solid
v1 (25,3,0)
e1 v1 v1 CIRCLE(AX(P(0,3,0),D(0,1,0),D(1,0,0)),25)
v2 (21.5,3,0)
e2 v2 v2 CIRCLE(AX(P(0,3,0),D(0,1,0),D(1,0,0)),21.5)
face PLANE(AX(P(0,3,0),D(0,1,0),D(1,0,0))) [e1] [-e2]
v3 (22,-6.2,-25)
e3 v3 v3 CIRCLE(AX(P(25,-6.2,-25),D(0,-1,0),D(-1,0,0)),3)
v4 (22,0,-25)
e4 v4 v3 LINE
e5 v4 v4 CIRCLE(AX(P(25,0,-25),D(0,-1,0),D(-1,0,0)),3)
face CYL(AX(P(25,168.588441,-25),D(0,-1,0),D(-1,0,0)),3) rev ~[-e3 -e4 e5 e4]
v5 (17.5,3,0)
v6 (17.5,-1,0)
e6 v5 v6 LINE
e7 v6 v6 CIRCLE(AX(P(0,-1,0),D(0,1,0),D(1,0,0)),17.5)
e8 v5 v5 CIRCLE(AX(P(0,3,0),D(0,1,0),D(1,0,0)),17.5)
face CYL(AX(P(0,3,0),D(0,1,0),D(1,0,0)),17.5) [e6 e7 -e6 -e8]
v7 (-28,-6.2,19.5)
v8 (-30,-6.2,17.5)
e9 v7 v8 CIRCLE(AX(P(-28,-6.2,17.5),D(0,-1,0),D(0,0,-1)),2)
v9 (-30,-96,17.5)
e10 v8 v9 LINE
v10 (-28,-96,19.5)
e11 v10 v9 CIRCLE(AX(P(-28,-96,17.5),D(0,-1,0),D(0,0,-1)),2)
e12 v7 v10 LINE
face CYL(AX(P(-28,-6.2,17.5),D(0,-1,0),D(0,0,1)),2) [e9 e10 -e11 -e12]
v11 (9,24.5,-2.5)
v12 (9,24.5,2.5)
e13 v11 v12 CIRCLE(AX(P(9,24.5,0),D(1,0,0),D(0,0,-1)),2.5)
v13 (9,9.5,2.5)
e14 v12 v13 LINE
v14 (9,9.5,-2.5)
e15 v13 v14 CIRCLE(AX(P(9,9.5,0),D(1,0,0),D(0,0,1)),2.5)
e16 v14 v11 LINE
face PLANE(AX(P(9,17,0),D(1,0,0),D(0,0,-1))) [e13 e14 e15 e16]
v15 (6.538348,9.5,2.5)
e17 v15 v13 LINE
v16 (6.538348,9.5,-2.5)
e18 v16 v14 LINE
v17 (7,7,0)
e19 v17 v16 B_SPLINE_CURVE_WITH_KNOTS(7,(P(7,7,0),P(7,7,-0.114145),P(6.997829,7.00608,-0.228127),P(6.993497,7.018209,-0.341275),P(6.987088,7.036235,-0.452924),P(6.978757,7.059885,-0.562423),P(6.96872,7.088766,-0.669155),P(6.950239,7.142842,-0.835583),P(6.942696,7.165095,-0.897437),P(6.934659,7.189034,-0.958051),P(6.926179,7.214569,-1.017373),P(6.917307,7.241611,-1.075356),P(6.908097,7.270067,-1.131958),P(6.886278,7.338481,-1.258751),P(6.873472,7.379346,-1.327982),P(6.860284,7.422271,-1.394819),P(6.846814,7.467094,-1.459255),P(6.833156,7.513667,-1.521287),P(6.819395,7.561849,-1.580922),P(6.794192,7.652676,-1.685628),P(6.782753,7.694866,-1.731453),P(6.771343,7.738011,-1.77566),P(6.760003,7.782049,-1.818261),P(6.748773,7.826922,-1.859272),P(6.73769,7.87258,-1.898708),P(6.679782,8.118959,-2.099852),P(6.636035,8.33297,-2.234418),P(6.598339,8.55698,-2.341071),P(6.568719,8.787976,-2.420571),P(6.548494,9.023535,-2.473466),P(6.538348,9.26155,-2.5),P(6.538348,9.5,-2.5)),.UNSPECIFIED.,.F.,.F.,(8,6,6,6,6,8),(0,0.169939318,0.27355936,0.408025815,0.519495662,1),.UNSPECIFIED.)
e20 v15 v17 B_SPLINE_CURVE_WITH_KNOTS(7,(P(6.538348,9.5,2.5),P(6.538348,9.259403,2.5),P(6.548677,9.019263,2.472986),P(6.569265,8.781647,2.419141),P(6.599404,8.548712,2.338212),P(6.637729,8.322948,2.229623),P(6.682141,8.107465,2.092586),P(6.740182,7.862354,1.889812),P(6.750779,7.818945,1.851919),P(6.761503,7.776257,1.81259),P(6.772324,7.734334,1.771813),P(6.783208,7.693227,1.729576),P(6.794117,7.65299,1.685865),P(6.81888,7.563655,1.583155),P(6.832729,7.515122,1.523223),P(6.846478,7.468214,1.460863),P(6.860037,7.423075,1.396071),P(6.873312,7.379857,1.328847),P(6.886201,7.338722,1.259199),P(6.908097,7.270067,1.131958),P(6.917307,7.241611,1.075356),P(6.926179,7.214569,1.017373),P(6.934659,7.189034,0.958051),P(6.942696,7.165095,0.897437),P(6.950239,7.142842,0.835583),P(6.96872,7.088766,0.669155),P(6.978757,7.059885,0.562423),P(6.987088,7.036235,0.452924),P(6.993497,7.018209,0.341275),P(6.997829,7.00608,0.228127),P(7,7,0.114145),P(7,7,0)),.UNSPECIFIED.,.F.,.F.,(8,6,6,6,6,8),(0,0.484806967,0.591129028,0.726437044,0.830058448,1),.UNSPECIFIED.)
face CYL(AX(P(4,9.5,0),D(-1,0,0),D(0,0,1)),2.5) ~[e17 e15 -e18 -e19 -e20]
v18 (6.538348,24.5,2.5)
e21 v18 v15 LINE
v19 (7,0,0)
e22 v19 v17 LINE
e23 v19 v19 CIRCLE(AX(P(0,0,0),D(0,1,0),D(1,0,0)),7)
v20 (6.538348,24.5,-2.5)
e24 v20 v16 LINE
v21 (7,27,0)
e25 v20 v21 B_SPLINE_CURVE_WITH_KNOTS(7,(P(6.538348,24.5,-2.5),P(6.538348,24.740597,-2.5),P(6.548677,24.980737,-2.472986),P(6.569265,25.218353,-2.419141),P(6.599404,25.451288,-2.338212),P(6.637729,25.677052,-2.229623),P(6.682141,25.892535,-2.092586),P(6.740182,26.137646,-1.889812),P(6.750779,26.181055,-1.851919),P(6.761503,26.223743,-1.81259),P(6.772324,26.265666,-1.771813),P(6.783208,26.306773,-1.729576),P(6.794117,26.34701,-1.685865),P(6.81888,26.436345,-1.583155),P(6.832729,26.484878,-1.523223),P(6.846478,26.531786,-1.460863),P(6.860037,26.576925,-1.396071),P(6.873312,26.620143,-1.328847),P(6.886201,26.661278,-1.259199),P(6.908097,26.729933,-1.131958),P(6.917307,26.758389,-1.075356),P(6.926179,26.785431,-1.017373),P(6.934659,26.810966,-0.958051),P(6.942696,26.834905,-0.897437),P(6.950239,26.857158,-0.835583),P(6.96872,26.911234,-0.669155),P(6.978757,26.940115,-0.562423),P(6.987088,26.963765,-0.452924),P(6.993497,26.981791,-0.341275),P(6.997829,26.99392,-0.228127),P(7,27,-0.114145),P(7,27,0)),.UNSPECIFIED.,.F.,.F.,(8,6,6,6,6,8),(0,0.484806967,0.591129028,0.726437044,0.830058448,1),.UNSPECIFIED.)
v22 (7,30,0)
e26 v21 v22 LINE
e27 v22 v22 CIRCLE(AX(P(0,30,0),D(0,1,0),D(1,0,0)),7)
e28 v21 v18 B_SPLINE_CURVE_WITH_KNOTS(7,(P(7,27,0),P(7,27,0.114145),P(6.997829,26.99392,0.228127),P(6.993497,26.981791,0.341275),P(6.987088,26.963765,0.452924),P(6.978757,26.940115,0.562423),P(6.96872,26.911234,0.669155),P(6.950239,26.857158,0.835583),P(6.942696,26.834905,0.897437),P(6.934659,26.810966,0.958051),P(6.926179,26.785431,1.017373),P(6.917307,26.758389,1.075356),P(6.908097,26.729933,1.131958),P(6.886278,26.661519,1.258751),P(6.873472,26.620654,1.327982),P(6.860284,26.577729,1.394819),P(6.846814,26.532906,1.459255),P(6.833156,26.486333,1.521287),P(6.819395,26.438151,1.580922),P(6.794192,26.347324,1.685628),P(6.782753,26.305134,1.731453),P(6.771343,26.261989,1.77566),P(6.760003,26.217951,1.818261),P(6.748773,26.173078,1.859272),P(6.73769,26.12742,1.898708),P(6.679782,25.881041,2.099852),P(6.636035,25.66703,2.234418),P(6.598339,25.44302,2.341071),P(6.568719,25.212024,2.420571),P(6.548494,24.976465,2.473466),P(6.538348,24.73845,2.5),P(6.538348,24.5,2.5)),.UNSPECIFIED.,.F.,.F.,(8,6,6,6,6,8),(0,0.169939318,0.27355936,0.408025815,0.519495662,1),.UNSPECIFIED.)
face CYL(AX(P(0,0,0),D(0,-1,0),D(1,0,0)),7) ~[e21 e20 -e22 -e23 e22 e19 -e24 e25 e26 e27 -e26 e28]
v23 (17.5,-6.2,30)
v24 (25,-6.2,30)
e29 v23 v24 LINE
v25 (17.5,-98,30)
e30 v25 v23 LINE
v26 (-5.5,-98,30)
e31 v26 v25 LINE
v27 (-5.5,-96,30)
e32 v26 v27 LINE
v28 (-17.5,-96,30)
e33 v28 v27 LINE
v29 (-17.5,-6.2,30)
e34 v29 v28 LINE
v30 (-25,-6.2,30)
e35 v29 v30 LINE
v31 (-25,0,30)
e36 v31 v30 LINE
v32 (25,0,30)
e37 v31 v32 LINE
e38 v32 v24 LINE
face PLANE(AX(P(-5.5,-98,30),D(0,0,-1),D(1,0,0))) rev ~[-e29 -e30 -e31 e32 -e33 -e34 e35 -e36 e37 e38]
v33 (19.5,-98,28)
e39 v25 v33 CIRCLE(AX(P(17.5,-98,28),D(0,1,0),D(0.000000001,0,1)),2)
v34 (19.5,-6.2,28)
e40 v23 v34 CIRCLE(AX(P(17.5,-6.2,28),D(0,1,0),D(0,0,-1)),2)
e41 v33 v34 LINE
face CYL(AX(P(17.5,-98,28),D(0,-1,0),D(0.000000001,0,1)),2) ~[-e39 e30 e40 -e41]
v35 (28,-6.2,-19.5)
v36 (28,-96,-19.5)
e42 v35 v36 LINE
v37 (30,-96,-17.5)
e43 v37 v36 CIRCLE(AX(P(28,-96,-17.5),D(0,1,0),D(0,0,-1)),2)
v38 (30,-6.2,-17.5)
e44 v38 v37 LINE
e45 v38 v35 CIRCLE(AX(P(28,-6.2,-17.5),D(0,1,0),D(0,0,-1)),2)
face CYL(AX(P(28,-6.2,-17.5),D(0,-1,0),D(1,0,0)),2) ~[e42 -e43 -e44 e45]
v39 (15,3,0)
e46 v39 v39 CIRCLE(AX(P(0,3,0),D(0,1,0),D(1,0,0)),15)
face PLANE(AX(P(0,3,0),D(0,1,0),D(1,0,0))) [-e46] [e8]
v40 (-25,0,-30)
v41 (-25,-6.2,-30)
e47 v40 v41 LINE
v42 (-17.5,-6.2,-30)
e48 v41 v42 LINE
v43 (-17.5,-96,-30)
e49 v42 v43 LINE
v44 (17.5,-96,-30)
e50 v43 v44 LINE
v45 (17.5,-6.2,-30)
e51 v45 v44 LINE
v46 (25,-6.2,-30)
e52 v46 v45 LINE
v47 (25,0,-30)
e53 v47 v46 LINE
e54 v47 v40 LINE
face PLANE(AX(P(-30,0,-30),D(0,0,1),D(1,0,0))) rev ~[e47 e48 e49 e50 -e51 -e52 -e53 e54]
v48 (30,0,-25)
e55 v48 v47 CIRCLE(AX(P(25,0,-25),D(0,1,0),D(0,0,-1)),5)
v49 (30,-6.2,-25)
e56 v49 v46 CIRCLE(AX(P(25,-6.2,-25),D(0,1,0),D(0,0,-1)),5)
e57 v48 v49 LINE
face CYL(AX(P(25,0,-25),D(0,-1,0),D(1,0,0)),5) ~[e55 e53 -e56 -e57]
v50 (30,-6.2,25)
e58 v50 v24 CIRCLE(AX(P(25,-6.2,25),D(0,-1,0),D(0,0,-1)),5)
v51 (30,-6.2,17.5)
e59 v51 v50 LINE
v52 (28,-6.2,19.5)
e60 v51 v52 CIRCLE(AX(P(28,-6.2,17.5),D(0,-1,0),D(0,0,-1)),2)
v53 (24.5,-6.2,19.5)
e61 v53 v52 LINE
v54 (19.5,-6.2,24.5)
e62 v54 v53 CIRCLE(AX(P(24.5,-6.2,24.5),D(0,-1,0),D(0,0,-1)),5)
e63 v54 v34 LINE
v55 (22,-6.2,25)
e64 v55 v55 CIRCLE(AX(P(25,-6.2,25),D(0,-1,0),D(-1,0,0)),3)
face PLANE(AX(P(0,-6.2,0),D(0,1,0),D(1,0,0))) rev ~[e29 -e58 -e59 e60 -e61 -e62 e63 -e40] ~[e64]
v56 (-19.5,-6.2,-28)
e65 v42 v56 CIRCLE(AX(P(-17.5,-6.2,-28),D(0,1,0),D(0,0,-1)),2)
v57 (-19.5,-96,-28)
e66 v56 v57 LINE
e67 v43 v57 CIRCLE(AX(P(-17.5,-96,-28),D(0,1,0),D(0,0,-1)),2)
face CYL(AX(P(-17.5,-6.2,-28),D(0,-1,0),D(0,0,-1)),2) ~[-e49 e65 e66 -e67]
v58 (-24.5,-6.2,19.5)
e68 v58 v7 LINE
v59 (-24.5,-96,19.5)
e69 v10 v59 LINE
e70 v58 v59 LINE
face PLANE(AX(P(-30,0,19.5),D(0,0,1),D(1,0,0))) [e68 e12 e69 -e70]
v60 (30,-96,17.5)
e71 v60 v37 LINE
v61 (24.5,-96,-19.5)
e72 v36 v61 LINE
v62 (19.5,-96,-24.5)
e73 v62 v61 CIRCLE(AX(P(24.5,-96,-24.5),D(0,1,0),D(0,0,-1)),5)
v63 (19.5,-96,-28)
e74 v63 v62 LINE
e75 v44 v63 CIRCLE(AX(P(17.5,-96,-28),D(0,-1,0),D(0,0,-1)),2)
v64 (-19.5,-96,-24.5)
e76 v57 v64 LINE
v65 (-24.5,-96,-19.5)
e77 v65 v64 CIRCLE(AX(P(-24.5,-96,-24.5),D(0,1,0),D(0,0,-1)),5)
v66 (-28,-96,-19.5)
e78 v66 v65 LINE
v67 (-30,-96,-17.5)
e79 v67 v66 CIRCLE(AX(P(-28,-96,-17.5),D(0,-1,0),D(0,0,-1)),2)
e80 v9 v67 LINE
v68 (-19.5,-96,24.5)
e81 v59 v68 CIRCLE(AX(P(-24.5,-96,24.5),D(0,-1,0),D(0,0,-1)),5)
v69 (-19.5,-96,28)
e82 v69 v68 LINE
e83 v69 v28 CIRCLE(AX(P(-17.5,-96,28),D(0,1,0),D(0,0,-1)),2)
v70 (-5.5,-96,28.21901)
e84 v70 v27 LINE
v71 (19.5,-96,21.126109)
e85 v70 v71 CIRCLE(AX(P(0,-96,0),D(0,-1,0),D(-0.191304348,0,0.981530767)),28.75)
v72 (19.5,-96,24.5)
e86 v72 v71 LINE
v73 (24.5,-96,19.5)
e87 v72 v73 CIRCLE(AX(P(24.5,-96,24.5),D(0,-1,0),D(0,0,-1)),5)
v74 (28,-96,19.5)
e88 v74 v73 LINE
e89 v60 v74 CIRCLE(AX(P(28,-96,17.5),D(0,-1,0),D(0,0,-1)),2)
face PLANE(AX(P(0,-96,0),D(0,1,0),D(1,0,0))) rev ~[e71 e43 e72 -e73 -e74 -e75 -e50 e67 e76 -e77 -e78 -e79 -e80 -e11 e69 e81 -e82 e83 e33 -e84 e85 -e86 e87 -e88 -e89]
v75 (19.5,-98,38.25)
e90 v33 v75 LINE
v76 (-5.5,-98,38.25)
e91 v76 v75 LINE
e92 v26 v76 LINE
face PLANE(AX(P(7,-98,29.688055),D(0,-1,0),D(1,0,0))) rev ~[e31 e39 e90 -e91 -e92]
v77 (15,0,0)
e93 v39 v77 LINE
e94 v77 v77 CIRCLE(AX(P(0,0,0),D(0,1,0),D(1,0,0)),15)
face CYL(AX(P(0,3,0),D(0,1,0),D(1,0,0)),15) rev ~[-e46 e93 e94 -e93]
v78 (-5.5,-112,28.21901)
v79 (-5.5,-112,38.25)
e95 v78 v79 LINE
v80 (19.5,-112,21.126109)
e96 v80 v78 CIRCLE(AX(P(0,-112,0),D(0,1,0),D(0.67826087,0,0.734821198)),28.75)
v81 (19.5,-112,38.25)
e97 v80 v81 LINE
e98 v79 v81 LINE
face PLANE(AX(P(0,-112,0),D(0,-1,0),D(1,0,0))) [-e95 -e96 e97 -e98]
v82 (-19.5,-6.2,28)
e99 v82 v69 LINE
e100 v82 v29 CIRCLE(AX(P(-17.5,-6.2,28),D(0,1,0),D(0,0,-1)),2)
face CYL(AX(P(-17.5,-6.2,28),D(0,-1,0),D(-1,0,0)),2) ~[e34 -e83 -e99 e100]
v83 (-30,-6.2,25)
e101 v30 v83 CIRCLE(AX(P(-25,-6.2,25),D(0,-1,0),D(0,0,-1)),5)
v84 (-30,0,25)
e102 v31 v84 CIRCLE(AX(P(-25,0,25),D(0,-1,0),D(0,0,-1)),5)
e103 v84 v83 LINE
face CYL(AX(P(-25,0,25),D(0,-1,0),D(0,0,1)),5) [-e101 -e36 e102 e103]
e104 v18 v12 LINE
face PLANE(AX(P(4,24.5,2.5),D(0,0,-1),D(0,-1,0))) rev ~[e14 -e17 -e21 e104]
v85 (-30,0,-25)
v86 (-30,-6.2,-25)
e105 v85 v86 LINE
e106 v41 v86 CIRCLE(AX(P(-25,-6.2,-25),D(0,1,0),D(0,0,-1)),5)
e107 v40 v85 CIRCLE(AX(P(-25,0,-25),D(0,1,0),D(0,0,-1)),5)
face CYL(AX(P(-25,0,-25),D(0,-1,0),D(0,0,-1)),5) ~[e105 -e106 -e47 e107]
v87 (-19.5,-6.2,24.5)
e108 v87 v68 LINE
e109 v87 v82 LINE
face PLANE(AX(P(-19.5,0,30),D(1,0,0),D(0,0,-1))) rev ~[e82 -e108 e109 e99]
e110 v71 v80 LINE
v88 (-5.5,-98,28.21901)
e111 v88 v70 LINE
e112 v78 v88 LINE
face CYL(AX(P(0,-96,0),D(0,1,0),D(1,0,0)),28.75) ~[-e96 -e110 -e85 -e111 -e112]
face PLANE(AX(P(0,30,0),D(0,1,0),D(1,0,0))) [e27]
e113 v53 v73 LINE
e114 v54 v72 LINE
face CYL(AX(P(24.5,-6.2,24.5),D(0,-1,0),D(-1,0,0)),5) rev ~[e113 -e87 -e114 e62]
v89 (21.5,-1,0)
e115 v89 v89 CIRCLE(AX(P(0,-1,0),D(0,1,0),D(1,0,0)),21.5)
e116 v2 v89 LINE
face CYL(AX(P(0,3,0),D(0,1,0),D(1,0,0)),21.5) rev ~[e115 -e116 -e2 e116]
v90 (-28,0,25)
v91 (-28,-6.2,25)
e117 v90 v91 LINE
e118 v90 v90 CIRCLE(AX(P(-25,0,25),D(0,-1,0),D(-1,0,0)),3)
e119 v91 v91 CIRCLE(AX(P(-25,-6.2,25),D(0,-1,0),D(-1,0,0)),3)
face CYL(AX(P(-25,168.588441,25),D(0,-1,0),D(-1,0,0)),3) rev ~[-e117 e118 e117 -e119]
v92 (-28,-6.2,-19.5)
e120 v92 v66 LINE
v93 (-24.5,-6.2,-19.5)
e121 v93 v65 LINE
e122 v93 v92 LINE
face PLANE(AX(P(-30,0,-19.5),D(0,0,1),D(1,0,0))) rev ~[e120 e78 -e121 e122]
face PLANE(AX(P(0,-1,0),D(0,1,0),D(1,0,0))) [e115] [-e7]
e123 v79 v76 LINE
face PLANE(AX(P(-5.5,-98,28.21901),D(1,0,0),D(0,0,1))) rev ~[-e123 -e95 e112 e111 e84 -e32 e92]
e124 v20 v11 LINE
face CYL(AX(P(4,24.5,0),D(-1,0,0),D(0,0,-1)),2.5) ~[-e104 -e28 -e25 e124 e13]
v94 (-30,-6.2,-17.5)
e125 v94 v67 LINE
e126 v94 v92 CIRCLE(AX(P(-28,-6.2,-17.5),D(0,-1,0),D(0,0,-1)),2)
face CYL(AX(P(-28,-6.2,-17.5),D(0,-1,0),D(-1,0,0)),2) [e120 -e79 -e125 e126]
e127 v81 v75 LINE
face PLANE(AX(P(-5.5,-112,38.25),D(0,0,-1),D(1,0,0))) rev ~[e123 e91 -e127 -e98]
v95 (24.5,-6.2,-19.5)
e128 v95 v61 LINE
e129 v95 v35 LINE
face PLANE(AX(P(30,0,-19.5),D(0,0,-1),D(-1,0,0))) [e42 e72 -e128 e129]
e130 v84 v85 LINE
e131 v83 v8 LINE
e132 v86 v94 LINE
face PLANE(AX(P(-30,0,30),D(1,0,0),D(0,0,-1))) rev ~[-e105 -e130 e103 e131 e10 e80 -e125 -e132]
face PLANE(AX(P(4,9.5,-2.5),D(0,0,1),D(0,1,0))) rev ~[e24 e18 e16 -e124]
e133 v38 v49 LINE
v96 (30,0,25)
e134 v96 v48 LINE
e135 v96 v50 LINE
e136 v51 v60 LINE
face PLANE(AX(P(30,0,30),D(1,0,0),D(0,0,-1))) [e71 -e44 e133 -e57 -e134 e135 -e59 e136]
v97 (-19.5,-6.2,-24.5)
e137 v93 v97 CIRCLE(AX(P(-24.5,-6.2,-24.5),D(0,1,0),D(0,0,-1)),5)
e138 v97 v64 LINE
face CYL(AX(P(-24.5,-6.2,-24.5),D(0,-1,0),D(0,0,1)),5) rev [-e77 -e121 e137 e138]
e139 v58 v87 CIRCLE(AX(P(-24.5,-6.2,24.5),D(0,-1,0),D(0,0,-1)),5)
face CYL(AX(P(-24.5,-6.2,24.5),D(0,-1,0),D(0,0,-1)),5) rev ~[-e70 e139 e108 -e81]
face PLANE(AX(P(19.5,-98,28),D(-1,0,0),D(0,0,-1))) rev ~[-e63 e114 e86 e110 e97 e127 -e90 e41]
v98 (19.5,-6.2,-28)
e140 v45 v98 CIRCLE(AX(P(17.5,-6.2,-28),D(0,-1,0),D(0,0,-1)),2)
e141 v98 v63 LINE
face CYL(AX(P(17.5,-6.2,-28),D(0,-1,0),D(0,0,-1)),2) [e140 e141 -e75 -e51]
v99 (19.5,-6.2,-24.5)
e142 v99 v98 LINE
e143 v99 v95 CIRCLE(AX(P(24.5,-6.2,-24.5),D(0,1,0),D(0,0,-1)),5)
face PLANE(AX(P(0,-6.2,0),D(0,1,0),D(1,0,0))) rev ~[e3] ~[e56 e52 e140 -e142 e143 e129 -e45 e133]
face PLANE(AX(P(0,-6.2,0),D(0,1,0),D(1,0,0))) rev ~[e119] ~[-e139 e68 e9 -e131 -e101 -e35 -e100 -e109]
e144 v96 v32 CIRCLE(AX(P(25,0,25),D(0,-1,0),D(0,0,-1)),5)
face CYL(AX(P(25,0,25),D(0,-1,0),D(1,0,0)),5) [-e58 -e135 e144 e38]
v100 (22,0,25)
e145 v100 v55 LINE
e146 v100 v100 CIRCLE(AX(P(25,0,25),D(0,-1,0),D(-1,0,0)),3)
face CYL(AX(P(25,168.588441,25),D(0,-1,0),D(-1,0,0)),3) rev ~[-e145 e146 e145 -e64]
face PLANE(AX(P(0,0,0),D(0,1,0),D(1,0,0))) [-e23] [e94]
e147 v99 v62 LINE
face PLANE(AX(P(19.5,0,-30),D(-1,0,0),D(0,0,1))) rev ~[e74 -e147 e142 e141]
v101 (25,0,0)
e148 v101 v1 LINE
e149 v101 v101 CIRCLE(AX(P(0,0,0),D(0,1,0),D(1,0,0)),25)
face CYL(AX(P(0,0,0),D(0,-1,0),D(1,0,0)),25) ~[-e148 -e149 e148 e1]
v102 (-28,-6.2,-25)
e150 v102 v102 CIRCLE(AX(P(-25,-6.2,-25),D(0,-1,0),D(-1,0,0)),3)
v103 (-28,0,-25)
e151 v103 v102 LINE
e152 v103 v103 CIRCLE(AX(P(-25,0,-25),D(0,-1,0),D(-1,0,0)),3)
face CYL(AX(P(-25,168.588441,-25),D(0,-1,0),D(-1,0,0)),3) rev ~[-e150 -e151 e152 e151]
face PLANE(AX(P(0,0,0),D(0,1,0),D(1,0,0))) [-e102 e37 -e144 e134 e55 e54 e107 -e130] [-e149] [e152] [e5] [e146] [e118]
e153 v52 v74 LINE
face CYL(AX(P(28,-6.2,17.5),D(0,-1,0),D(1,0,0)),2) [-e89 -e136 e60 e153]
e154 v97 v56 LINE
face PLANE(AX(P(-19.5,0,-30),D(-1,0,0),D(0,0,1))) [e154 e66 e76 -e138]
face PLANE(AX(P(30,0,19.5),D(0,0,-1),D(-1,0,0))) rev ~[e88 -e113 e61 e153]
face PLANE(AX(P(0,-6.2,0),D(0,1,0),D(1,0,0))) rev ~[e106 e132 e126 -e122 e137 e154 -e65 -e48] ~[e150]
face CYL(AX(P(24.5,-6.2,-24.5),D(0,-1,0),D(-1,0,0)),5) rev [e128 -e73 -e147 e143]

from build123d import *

# Parameters (mm, degrees)
SKETCH_2_W               = 60
SKETCH_2_H               = 60
EXTRUDE_1_DEPTH          = 96
SKETCH_3_W               = 10.5
SKETCH_3_H               = 10.5
CUT_EXTRUDE_1_DEPTH      = 97
PATTERN_CIRCULAR_1_COUNT = 4
SKETCH_4_W               = 60
SKETCH_4_H               = 60
EXTRUDE_2_DEPTH          = 6.2
SKETCH_5_R               = 25
EXTRUDE_3_DEPTH          = 3
SKETCH_8_R               = 21.5
SKETCH_8_R_2             = 17.5
CUT_EXTRUDE_3_DEPTH      = 4
SKETCH_9_R               = 15
CUT_EXTRUDE_4_DEPTH      = 3
SKETCH_10_R              = 7
EXTRUDE_5_DEPTH          = 30
FILLET_1_R               = 5
FILLET_2_R               = 2
FILLET_3_R               = 5
SKETCH_13_R              = 28.75
EXTRUDE_6_DEPTH          = 16
EXTRUDE_START            = 16
SKETCH_14_W              = 25
SKETCH_14_H              = 17.123890562
EXTRUDE_7_DEPTH          = 14
EXTRUDE_8_DEPTH          = 2
HOLE_WIZARD_6_0_6_1_D    = 6
CUT_EXTRUDE_5_DEPTH      = 3
EXTRUDE_9_DEPTH          = 5


with BuildPart() as part:
    # 草圖2 → 填料-伸長1 (new body)
    with BuildSketch(Plane(origin=(0, 0, 0), x_dir=(1, 0, 0), z_dir=(0, 1, 0))):
        Rectangle(SKETCH_2_W, SKETCH_2_H)
    extrude(amount=-EXTRUDE_1_DEPTH)

    # 草圖3 → 除料-伸長1 (cut, through all)
    with BuildSketch(Plane(origin=(0, 0, 0), x_dir=(1, 0, 0), z_dir=(0, 1, 0))):
        with Locations((-24.75, -24.75)):
            Rectangle(SKETCH_3_W, SKETCH_3_H)
    cut_extrude_1 = extrude(amount=-CUT_EXTRUDE_1_DEPTH, mode=Mode.SUBTRACT)

    # 環狀複製排列1: 除料-伸長1 ×4 about axis
    pattern_circular_1_axis = Axis((0, 0, 0), (0, 1, 0))
    for i in range(1, PATTERN_CIRCULAR_1_COUNT):
        add(cut_extrude_1.rotate(pattern_circular_1_axis, i * 360 / PATTERN_CIRCULAR_1_COUNT), mode=Mode.SUBTRACT)

    # 草圖4 → 填料-伸長2 (add)
    with BuildSketch(Plane(origin=(0, 0, 0), x_dir=(1, 0, 0), z_dir=(0, 1, 0))):
        Rectangle(SKETCH_4_W, SKETCH_4_H)
    extrude(amount=-EXTRUDE_2_DEPTH)

    # 草圖5 → 填料-伸長3 (add)
    with BuildSketch(Plane(origin=(0, 0, 0), x_dir=(1, 0, 0), z_dir=(0, 1, 0))):
        Circle(SKETCH_5_R)
    extrude(amount=EXTRUDE_3_DEPTH)

    # 草圖8 → 除料-伸長3 (cut)
    with BuildSketch(Plane(origin=(0, 3, 0), x_dir=(1, 0, 0), z_dir=(0, 1, 0))):
        Circle(SKETCH_8_R)
        Circle(SKETCH_8_R_2, mode=Mode.SUBTRACT)
    extrude(amount=-CUT_EXTRUDE_3_DEPTH, mode=Mode.SUBTRACT)

    # 草圖9 → 除料-伸長4 (cut)
    with BuildSketch(Plane(origin=(0, 3, 0), x_dir=(1, 0, 0), z_dir=(0, 1, 0))):
        Circle(SKETCH_9_R)
    extrude(amount=-CUT_EXTRUDE_4_DEPTH, mode=Mode.SUBTRACT)

    # 草圖10 → 填料-伸長5 (add)
    with BuildSketch(Plane(origin=(0, 0, 0), x_dir=(1, 0, 0), z_dir=(0, 1, 0))):
        Circle(SKETCH_10_R)
    extrude(amount=EXTRUDE_5_DEPTH)

    # 圓角1
    fillet_1_edges = [part.edges().sort_by_distance(p)[0] for p in [
        (-19.5, -51.1, 19.5),
        (-19.5, -51.1, -19.5),
        (19.5, -51.1, -19.5),
        (19.5, -51.1, 19.5),
    ]]
    fillet(fillet_1_edges, radius=FILLET_1_R)

    # 圓角2
    fillet_2_edges = [part.edges().sort_by_distance(p)[0] for p in [
        (-30, -51.1, 19.5),
        (-19.5, -51.1, 30),
        (-19.5, -51.1, -30),
        (-30, -51.1, -19.5),
        (30, -51.1, -19.5),
        (19.5, -51.1, -30),
        (19.5, -51.1, 30),
        (30, -51.1, 19.5),
    ]]
    fillet(fillet_2_edges, radius=FILLET_2_R)

    # 圓角3
    fillet_3_edges = [part.edges().sort_by_distance(p)[0] for p in [
        (30, -3.1, 30),
        (30, -3.1, -30),
        (-30, -3.1, -30),
        (-30, -3.1, 30),
    ]]
    fillet(fillet_3_edges, radius=FILLET_3_R)

    # 草圖13 → 填料-伸長6 (add)
    with BuildSketch(Plane.XZ.offset(96)):
        Circle(SKETCH_13_R)
    extrude(amount=EXTRUDE_6_DEPTH)

    # 草圖14 → 填料-伸長7 (add)
    with BuildSketch(Plane.XZ.offset(96).offset(EXTRUDE_START)):
        with Locations((7, 29.688054719)):
            Rectangle(SKETCH_14_W, SKETCH_14_H)
    extrude(amount=-EXTRUDE_7_DEPTH)

    # 草圖15 → 填料-伸長8 (add)
    with BuildSketch(Plane(origin=(0, -98, 0), x_dir=(1, 0, 0), z_dir=(0, 1, 0))):
        with BuildLine():
            Line((-5.5, -30), (17.5, -30))
            ThreePointArc((17.5, -30), (18.914213562, -29.414213562), (19.5, -28))
            Line((19.5, -28), (19.5, -21.126109438))
            ThreePointArc((19.5, -21.126109438), (7.847121001, -27.658365678), (-5.5, -28.21900955))
            Line((-5.5, -28.21900955), (-5.5, -30))
        make_face()
    extrude(amount=EXTRUDE_8_DEPTH)

    # Ø6.0 (6) 直徑孔1 (through all)
    with Locations(Plane(origin=(0, 0, 0), x_dir=(1, 0, 0), z_dir=(0, 1, 0))):
        with Locations((-25, 25), (25, 25), (25, -25), (-25, -25)):
            Hole(HOLE_WIZARD_6_0_6_1_D / 2)

    # 草圖20 → 除料-伸長5 (cut)
    with BuildSketch(Plane(origin=(7, 0, 0), x_dir=(0, 0, -1), z_dir=(1, 0, 0))):
        with BuildLine():
            Line((-2.5, 24.5), (-2.5, 9.5))
            ThreePointArc((-2.5, 9.5), (0, 7), (2.5, 9.5))
            Line((2.5, 9.5), (2.5, 24.5))
            ThreePointArc((2.5, 24.5), (0, 27), (-2.5, 24.5))
        make_face()
    extrude(amount=-CUT_EXTRUDE_5_DEPTH, mode=Mode.SUBTRACT)

    # 草圖21 → 填料-伸長9 (add)
    with BuildSketch(Plane(origin=(4, 0, 0), x_dir=(0, 0, -1), z_dir=(1, 0, 0))):
        with BuildLine():
            Line((-2.5, 24.5), (-2.5, 9.5))
            ThreePointArc((-2.5, 9.5), (0, 7), (2.5, 9.5))
            Line((2.5, 9.5), (2.5, 24.5))
            ThreePointArc((2.5, 24.5), (0, 27), (-2.5, 24.5))
        make_face()
    extrude(amount=EXTRUDE_9_DEPTH)


solid = part.part
